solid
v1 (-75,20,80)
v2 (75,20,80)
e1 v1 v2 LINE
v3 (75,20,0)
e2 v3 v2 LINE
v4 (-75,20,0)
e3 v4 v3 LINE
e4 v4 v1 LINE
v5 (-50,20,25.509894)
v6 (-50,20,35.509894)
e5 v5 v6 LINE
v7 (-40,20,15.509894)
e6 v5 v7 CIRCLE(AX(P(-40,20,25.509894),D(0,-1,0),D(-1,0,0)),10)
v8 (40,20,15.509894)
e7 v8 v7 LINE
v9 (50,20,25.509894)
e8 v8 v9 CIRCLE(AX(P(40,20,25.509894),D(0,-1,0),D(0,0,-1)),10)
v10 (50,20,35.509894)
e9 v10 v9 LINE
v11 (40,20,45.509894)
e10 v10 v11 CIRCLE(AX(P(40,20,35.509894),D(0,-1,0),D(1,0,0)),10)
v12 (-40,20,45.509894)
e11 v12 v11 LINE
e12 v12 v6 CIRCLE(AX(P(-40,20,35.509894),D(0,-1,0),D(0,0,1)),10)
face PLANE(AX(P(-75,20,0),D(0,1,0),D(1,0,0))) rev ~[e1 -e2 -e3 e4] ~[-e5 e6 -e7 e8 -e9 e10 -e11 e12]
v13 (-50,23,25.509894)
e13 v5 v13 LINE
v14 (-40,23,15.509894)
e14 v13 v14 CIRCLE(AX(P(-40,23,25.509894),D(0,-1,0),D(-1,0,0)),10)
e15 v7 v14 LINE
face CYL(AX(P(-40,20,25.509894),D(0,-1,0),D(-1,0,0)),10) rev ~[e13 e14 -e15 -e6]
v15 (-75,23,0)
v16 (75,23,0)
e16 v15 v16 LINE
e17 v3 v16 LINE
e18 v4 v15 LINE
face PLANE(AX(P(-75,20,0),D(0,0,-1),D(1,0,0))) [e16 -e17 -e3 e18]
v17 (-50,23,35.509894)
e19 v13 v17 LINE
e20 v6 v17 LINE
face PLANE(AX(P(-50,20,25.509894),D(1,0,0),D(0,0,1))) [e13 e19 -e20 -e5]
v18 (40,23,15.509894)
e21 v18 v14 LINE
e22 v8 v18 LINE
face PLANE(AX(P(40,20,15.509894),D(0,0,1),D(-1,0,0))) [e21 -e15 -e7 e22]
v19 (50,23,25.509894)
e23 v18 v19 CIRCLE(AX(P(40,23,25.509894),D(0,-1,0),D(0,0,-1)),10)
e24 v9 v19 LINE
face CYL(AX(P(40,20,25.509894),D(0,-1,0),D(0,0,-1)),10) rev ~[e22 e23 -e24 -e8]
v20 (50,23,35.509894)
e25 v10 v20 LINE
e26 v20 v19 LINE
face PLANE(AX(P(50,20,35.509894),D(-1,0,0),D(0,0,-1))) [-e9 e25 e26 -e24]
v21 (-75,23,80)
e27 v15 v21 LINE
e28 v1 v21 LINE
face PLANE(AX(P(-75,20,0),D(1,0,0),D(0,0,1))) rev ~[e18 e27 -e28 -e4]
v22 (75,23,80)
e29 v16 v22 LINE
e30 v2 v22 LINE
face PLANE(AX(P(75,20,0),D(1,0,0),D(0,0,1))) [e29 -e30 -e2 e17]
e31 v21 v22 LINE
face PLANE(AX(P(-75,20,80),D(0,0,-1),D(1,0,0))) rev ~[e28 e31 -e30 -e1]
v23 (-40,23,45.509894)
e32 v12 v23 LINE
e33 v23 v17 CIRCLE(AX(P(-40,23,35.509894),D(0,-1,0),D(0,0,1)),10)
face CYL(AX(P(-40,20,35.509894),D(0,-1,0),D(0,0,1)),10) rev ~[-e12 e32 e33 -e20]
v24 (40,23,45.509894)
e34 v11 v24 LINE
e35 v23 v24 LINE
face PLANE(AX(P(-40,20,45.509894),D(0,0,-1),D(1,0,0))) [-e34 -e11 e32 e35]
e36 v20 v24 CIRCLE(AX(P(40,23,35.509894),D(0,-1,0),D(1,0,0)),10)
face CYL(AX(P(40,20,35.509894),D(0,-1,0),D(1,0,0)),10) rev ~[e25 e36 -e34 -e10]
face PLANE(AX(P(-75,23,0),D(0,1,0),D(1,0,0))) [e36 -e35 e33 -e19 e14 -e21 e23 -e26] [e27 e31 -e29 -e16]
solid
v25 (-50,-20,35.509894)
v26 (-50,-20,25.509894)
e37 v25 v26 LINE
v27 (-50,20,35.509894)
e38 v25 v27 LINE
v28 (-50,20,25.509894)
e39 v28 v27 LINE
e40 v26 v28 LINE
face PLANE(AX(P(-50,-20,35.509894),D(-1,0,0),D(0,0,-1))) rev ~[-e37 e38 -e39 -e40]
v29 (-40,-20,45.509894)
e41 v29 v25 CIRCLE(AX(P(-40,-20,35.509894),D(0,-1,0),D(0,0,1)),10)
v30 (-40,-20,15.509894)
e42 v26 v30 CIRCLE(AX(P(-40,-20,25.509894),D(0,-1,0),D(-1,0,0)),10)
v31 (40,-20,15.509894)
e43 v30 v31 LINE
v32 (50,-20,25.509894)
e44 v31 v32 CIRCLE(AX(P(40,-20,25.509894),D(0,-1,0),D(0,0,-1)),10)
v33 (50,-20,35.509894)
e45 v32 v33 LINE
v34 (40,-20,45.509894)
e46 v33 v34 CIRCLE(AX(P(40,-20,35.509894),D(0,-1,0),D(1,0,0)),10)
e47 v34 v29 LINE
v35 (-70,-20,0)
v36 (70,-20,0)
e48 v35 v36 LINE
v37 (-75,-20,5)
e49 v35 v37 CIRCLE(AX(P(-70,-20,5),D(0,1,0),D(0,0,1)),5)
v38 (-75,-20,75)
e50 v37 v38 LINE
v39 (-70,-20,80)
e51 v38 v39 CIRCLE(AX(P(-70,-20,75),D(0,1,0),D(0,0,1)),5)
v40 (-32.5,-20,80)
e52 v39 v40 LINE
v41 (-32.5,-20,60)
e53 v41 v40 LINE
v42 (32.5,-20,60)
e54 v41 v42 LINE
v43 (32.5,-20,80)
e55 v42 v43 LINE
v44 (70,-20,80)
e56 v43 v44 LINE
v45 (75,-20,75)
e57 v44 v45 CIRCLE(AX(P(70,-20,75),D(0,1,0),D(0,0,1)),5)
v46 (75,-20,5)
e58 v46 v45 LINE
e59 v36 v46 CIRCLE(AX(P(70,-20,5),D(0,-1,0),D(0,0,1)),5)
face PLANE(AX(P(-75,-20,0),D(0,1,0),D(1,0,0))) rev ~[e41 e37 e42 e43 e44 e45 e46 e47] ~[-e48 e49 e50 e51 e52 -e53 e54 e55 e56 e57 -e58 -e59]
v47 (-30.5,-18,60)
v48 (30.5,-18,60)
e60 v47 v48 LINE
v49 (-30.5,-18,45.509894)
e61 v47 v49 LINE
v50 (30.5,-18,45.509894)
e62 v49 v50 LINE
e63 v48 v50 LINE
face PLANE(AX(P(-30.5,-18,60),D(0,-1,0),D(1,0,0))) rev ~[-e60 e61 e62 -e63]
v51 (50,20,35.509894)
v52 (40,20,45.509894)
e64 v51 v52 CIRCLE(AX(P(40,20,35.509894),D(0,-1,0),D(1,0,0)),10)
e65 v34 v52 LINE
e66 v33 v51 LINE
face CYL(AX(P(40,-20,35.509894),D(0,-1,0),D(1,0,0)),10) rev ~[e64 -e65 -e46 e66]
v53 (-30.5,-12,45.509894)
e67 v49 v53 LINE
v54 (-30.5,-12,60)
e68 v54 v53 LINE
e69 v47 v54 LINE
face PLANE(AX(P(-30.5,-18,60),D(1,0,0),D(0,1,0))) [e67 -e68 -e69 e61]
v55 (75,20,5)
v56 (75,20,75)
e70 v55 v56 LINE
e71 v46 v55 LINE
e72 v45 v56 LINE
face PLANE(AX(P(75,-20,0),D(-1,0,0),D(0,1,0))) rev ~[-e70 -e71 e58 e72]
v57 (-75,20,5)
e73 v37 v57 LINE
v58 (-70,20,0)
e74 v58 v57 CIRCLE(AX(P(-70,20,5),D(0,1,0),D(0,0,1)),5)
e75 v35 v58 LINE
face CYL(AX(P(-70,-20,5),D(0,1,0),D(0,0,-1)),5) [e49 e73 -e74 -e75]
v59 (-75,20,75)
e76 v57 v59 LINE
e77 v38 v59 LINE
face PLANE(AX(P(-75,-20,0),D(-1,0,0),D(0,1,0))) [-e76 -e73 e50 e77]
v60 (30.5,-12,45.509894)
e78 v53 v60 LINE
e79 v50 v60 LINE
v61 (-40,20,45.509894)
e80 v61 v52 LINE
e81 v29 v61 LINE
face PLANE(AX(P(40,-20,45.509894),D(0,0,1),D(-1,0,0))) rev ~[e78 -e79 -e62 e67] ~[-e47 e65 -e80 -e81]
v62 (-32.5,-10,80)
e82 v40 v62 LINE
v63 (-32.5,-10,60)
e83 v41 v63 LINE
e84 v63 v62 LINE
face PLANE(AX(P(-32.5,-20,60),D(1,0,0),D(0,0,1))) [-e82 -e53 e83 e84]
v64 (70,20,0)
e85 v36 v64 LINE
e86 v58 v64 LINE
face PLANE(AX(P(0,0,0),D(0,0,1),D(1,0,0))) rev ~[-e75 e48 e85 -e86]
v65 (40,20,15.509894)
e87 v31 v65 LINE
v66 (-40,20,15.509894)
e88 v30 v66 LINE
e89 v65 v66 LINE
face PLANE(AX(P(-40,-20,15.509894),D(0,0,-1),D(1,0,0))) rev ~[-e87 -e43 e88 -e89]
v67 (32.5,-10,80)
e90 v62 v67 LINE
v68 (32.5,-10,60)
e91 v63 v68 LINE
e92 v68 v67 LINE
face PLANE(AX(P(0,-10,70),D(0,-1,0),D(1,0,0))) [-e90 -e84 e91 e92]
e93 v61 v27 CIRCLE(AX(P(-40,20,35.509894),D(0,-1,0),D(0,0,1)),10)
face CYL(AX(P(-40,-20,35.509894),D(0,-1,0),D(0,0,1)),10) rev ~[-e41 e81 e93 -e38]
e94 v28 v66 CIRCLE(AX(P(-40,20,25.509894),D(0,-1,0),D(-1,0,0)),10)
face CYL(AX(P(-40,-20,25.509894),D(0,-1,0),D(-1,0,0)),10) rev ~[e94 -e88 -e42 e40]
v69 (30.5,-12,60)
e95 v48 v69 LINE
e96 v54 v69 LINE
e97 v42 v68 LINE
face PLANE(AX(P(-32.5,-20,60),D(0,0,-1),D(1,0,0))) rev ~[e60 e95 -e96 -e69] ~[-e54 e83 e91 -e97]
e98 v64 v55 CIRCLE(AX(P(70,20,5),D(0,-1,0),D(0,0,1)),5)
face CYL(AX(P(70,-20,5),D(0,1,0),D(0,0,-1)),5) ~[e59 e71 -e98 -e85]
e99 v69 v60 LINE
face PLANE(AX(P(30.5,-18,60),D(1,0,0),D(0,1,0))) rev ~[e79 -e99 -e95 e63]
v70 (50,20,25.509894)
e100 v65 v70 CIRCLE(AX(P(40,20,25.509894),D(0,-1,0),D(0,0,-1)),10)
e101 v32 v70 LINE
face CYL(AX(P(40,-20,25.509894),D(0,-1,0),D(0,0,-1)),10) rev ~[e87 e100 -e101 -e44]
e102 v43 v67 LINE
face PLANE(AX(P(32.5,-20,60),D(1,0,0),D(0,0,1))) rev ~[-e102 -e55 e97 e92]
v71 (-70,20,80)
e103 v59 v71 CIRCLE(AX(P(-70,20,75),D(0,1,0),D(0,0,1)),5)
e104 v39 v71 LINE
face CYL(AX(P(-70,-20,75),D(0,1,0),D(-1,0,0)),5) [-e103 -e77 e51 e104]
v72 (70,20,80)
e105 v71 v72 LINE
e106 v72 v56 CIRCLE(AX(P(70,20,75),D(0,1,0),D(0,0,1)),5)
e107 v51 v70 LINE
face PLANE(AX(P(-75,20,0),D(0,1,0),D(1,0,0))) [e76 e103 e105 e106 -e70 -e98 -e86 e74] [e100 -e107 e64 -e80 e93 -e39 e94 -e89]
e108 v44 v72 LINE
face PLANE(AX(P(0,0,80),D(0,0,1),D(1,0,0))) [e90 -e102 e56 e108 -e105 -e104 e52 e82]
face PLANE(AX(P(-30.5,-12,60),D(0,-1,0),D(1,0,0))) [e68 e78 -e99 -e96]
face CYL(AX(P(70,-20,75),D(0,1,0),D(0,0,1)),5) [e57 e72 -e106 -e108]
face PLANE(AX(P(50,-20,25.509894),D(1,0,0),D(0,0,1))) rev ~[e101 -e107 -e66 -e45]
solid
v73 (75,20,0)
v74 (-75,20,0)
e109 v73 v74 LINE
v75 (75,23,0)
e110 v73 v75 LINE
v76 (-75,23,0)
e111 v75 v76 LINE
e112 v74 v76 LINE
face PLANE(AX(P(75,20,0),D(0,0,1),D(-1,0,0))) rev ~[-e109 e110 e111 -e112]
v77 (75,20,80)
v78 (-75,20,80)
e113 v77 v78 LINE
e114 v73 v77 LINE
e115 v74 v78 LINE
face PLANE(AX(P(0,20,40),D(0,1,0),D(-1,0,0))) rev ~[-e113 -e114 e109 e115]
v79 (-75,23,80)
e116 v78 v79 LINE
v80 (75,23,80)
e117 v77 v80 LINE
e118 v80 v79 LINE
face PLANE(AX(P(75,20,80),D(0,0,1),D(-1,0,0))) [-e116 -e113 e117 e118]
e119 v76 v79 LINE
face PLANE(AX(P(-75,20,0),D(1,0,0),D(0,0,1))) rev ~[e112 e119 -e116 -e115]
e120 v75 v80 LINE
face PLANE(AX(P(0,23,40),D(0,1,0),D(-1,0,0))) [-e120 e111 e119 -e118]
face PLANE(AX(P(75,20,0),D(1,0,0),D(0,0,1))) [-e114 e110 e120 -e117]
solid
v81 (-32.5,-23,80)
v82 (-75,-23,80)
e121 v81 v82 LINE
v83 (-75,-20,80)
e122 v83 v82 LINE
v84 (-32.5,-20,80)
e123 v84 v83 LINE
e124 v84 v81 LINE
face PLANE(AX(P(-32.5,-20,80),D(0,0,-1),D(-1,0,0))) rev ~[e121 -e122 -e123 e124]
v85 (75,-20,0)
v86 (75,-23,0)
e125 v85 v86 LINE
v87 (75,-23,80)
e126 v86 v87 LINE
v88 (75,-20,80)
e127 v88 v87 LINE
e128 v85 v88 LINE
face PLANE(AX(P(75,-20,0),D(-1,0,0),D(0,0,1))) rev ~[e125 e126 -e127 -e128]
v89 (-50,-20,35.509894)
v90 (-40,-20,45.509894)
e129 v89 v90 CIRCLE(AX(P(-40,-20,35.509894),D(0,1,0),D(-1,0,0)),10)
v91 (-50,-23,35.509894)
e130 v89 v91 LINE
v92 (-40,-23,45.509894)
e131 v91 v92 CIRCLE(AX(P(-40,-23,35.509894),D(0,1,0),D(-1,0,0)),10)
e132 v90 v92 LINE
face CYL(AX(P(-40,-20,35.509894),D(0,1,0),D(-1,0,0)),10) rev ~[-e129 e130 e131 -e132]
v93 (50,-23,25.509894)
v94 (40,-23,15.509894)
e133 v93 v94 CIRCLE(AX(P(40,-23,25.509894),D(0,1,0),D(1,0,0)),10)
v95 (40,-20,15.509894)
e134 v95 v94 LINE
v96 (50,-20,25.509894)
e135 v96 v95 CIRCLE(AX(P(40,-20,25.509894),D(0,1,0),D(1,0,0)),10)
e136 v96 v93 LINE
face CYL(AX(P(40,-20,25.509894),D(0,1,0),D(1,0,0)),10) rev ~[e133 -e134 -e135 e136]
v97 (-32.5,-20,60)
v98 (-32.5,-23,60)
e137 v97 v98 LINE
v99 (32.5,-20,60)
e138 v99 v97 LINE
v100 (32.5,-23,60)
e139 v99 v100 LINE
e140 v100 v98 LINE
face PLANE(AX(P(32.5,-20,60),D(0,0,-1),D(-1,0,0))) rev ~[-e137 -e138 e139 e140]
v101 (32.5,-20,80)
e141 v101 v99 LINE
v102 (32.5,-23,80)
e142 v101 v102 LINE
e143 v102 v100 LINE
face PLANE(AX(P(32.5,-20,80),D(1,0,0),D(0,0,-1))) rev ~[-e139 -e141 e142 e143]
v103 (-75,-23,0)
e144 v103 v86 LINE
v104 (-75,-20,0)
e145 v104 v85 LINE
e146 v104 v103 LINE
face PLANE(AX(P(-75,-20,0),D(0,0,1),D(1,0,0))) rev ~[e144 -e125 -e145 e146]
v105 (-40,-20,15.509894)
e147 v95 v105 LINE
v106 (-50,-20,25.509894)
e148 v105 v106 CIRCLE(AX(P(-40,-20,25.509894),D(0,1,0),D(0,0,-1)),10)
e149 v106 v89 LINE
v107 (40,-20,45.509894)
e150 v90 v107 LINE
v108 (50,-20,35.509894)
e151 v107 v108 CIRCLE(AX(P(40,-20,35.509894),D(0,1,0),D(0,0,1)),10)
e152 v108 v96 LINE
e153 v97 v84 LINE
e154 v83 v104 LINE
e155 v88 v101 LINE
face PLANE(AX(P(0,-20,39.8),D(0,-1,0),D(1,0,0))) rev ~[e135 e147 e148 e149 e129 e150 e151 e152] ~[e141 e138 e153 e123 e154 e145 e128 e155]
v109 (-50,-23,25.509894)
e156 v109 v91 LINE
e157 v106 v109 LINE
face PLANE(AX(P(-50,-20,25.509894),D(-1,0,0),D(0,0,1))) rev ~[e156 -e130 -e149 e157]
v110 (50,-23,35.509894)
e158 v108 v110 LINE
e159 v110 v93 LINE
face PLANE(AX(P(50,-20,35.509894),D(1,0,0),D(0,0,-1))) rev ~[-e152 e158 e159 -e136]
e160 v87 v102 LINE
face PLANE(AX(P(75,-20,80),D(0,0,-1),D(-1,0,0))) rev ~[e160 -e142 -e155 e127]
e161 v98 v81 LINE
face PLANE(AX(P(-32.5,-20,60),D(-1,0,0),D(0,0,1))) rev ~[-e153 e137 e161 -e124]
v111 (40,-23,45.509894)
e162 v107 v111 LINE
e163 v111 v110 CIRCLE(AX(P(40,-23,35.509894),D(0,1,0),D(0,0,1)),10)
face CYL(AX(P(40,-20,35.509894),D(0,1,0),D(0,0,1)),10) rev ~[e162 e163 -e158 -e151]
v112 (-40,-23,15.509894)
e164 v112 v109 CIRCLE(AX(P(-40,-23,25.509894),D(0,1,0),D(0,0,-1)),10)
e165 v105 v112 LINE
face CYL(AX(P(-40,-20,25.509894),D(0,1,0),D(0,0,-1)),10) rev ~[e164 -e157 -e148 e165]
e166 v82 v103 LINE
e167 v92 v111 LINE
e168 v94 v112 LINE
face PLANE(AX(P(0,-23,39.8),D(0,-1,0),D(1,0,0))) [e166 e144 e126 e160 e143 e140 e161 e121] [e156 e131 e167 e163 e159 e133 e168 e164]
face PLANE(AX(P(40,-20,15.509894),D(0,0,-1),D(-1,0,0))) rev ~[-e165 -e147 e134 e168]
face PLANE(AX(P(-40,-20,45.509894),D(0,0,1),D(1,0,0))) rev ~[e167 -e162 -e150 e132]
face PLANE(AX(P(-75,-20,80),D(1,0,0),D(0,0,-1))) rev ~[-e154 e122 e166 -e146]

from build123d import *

# Parameters (mm, degrees)
F0_W      = 150
F0_H      = 40
F1_DEPTH  = 80
F2_W      = 65
F2_H      = 20
F3_DEPTH  = 10
F5_DEPTH  = 153.5
F6_W      = 61
F6_H      = 6
F7_DEPTH  = 36.1
F8_DEPTH  = 39.9
F10_DEPTH = 3
F11_DEPTH = 3
F12_W     = 150
F12_H     = 80
F13_DEPTH = 3
F14_R     = 5
F15_R     = 5
F16_R     = 5
F17_R     = 5


with BuildPart() as f1:
    # F0 (on Top) → F1 (new body)
    with BuildSketch(Plane.XY):
        Rectangle(F0_W, F0_H)
    extrude(amount=F1_DEPTH)

    # F2 (on face) → F3 (cut)
    with BuildSketch(Plane.XZ.offset(20)):
        with Locations((0, 70)):
            Rectangle(F2_W, F2_H)
    extrude(amount=-F3_DEPTH, mode=Mode.SUBTRACT)

    # F4 (on face) → F5 (cut)
    with BuildSketch(Plane.XZ.offset(20)):
        with BuildLine():
            Line((40, 45.5098941895), (-40, 45.5098941895))
            ThreePointArc((-40, 45.5098941895), (-47.0710678119, 42.5809620013), (-50, 35.5098941895))
            Line((-50, 35.5098941895), (-50, 25.5098941895))
            ThreePointArc((-50, 25.5098941895), (-47.0710678119, 18.4388263776), (-40, 15.5098941895))
            Line((-40, 15.5098941895), (40, 15.5098941895))
            ThreePointArc((40, 15.5098941895), (47.0710678119, 18.4388263776), (50, 25.5098941895))
            Line((50, 25.5098941895), (50, 35.5098941895))
            ThreePointArc((50, 35.5098941895), (47.0710678119, 42.5809620013), (40, 45.5098941895))
        make_face()
    extrude(amount=-F5_DEPTH, mode=Mode.SUBTRACT)

    # F6 (on face) → F7 (cut)
    with BuildSketch(Plane.XY.offset(60)):
        with Locations((0, -15)):
            Rectangle(F6_W, F6_H)
    extrude(amount=-F7_DEPTH, mode=Mode.SUBTRACT)

    # F6 (on face) → F8 (cut)
    with BuildSketch(Plane.XY.offset(60)):
        with Locations((0, -15)):
            Rectangle(F6_W, F6_H)
    extrude(amount=-F8_DEPTH, mode=Mode.SUBTRACT)


with BuildPart() as f10:
    # F9 (on face) → F10 (new body)
    with BuildSketch(Plane.XZ.offset(20)):
        Polygon((-75, 80), (-75, 0), (75, 0), (75, 80), (32.5, 80), (32.5, 60), (-32.5, 60), (-32.5, 80), align=None)
        with BuildLine():
            ThreePointArc((40, 45.5098941895), (47.0710678119, 42.5809620013), (50, 35.5098941895))
            Line((50, 35.5098941895), (50, 25.5098941895))
            ThreePointArc((50, 25.5098941895), (47.0710678119, 18.4388263776), (40, 15.5098941895))
            Line((40, 15.5098941895), (-40, 15.5098941895))
            ThreePointArc((-40, 15.5098941895), (-47.0710678119, 18.4388263776), (-50, 25.5098941895))
            Line((-50, 25.5098941895), (-50, 35.5098941895))
            ThreePointArc((-50, 35.5098941895), (-47.0710678119, 42.5809620013), (-40, 45.5098941895))
            Line((-40, 45.5098941895), (40, 45.5098941895))
        make_face(mode=Mode.SUBTRACT)
    extrude(amount=F10_DEPTH)


with BuildPart() as f11:
    # F11 (new): a face of the model
    f11_faces = [f1.part.faces().sort_by_distance(p)[0] for p in [
        (73.3, 20, 40),
    ]]
    extrude(f11_faces, amount=F11_DEPTH)


with BuildPart() as f13:
    # F12 (on face) → F13 (new body)
    with BuildSketch(Plane(origin=(0, 20, 0), x_dir=(-1, 0, 0), z_dir=(0, 1, 0))):
        with Locations((0, 40)):
            Rectangle(F12_W, F12_H)
    extrude(amount=F13_DEPTH)


with BuildPart() as f1_1:
    add(f1.part)

    # F14
    f14_edges = [f1_1.edges().sort_by_distance(p)[0] for p in [
        (-75, 0, 80),
    ]]
    fillet(f14_edges, radius=F14_R)

    # F15
    f15_edges = [f1_1.edges().sort_by_distance(p)[0] for p in [
        (75, 0, 80),
    ]]
    fillet(f15_edges, radius=F15_R)

    # F16
    f16_edges = [f1_1.edges().sort_by_distance(p)[0] for p in [
        (-75, 0, 0),
    ]]
    fillet(f16_edges, radius=F16_R)

    # F17
    f17_edges = [f1_1.edges().sort_by_distance(p)[0] for p in [
        (75, 0, 0),
    ]]
    fillet(f17_edges, radius=F17_R)


solid = Compound([f10.part, f11.part, f13.part, f1_1.part])
